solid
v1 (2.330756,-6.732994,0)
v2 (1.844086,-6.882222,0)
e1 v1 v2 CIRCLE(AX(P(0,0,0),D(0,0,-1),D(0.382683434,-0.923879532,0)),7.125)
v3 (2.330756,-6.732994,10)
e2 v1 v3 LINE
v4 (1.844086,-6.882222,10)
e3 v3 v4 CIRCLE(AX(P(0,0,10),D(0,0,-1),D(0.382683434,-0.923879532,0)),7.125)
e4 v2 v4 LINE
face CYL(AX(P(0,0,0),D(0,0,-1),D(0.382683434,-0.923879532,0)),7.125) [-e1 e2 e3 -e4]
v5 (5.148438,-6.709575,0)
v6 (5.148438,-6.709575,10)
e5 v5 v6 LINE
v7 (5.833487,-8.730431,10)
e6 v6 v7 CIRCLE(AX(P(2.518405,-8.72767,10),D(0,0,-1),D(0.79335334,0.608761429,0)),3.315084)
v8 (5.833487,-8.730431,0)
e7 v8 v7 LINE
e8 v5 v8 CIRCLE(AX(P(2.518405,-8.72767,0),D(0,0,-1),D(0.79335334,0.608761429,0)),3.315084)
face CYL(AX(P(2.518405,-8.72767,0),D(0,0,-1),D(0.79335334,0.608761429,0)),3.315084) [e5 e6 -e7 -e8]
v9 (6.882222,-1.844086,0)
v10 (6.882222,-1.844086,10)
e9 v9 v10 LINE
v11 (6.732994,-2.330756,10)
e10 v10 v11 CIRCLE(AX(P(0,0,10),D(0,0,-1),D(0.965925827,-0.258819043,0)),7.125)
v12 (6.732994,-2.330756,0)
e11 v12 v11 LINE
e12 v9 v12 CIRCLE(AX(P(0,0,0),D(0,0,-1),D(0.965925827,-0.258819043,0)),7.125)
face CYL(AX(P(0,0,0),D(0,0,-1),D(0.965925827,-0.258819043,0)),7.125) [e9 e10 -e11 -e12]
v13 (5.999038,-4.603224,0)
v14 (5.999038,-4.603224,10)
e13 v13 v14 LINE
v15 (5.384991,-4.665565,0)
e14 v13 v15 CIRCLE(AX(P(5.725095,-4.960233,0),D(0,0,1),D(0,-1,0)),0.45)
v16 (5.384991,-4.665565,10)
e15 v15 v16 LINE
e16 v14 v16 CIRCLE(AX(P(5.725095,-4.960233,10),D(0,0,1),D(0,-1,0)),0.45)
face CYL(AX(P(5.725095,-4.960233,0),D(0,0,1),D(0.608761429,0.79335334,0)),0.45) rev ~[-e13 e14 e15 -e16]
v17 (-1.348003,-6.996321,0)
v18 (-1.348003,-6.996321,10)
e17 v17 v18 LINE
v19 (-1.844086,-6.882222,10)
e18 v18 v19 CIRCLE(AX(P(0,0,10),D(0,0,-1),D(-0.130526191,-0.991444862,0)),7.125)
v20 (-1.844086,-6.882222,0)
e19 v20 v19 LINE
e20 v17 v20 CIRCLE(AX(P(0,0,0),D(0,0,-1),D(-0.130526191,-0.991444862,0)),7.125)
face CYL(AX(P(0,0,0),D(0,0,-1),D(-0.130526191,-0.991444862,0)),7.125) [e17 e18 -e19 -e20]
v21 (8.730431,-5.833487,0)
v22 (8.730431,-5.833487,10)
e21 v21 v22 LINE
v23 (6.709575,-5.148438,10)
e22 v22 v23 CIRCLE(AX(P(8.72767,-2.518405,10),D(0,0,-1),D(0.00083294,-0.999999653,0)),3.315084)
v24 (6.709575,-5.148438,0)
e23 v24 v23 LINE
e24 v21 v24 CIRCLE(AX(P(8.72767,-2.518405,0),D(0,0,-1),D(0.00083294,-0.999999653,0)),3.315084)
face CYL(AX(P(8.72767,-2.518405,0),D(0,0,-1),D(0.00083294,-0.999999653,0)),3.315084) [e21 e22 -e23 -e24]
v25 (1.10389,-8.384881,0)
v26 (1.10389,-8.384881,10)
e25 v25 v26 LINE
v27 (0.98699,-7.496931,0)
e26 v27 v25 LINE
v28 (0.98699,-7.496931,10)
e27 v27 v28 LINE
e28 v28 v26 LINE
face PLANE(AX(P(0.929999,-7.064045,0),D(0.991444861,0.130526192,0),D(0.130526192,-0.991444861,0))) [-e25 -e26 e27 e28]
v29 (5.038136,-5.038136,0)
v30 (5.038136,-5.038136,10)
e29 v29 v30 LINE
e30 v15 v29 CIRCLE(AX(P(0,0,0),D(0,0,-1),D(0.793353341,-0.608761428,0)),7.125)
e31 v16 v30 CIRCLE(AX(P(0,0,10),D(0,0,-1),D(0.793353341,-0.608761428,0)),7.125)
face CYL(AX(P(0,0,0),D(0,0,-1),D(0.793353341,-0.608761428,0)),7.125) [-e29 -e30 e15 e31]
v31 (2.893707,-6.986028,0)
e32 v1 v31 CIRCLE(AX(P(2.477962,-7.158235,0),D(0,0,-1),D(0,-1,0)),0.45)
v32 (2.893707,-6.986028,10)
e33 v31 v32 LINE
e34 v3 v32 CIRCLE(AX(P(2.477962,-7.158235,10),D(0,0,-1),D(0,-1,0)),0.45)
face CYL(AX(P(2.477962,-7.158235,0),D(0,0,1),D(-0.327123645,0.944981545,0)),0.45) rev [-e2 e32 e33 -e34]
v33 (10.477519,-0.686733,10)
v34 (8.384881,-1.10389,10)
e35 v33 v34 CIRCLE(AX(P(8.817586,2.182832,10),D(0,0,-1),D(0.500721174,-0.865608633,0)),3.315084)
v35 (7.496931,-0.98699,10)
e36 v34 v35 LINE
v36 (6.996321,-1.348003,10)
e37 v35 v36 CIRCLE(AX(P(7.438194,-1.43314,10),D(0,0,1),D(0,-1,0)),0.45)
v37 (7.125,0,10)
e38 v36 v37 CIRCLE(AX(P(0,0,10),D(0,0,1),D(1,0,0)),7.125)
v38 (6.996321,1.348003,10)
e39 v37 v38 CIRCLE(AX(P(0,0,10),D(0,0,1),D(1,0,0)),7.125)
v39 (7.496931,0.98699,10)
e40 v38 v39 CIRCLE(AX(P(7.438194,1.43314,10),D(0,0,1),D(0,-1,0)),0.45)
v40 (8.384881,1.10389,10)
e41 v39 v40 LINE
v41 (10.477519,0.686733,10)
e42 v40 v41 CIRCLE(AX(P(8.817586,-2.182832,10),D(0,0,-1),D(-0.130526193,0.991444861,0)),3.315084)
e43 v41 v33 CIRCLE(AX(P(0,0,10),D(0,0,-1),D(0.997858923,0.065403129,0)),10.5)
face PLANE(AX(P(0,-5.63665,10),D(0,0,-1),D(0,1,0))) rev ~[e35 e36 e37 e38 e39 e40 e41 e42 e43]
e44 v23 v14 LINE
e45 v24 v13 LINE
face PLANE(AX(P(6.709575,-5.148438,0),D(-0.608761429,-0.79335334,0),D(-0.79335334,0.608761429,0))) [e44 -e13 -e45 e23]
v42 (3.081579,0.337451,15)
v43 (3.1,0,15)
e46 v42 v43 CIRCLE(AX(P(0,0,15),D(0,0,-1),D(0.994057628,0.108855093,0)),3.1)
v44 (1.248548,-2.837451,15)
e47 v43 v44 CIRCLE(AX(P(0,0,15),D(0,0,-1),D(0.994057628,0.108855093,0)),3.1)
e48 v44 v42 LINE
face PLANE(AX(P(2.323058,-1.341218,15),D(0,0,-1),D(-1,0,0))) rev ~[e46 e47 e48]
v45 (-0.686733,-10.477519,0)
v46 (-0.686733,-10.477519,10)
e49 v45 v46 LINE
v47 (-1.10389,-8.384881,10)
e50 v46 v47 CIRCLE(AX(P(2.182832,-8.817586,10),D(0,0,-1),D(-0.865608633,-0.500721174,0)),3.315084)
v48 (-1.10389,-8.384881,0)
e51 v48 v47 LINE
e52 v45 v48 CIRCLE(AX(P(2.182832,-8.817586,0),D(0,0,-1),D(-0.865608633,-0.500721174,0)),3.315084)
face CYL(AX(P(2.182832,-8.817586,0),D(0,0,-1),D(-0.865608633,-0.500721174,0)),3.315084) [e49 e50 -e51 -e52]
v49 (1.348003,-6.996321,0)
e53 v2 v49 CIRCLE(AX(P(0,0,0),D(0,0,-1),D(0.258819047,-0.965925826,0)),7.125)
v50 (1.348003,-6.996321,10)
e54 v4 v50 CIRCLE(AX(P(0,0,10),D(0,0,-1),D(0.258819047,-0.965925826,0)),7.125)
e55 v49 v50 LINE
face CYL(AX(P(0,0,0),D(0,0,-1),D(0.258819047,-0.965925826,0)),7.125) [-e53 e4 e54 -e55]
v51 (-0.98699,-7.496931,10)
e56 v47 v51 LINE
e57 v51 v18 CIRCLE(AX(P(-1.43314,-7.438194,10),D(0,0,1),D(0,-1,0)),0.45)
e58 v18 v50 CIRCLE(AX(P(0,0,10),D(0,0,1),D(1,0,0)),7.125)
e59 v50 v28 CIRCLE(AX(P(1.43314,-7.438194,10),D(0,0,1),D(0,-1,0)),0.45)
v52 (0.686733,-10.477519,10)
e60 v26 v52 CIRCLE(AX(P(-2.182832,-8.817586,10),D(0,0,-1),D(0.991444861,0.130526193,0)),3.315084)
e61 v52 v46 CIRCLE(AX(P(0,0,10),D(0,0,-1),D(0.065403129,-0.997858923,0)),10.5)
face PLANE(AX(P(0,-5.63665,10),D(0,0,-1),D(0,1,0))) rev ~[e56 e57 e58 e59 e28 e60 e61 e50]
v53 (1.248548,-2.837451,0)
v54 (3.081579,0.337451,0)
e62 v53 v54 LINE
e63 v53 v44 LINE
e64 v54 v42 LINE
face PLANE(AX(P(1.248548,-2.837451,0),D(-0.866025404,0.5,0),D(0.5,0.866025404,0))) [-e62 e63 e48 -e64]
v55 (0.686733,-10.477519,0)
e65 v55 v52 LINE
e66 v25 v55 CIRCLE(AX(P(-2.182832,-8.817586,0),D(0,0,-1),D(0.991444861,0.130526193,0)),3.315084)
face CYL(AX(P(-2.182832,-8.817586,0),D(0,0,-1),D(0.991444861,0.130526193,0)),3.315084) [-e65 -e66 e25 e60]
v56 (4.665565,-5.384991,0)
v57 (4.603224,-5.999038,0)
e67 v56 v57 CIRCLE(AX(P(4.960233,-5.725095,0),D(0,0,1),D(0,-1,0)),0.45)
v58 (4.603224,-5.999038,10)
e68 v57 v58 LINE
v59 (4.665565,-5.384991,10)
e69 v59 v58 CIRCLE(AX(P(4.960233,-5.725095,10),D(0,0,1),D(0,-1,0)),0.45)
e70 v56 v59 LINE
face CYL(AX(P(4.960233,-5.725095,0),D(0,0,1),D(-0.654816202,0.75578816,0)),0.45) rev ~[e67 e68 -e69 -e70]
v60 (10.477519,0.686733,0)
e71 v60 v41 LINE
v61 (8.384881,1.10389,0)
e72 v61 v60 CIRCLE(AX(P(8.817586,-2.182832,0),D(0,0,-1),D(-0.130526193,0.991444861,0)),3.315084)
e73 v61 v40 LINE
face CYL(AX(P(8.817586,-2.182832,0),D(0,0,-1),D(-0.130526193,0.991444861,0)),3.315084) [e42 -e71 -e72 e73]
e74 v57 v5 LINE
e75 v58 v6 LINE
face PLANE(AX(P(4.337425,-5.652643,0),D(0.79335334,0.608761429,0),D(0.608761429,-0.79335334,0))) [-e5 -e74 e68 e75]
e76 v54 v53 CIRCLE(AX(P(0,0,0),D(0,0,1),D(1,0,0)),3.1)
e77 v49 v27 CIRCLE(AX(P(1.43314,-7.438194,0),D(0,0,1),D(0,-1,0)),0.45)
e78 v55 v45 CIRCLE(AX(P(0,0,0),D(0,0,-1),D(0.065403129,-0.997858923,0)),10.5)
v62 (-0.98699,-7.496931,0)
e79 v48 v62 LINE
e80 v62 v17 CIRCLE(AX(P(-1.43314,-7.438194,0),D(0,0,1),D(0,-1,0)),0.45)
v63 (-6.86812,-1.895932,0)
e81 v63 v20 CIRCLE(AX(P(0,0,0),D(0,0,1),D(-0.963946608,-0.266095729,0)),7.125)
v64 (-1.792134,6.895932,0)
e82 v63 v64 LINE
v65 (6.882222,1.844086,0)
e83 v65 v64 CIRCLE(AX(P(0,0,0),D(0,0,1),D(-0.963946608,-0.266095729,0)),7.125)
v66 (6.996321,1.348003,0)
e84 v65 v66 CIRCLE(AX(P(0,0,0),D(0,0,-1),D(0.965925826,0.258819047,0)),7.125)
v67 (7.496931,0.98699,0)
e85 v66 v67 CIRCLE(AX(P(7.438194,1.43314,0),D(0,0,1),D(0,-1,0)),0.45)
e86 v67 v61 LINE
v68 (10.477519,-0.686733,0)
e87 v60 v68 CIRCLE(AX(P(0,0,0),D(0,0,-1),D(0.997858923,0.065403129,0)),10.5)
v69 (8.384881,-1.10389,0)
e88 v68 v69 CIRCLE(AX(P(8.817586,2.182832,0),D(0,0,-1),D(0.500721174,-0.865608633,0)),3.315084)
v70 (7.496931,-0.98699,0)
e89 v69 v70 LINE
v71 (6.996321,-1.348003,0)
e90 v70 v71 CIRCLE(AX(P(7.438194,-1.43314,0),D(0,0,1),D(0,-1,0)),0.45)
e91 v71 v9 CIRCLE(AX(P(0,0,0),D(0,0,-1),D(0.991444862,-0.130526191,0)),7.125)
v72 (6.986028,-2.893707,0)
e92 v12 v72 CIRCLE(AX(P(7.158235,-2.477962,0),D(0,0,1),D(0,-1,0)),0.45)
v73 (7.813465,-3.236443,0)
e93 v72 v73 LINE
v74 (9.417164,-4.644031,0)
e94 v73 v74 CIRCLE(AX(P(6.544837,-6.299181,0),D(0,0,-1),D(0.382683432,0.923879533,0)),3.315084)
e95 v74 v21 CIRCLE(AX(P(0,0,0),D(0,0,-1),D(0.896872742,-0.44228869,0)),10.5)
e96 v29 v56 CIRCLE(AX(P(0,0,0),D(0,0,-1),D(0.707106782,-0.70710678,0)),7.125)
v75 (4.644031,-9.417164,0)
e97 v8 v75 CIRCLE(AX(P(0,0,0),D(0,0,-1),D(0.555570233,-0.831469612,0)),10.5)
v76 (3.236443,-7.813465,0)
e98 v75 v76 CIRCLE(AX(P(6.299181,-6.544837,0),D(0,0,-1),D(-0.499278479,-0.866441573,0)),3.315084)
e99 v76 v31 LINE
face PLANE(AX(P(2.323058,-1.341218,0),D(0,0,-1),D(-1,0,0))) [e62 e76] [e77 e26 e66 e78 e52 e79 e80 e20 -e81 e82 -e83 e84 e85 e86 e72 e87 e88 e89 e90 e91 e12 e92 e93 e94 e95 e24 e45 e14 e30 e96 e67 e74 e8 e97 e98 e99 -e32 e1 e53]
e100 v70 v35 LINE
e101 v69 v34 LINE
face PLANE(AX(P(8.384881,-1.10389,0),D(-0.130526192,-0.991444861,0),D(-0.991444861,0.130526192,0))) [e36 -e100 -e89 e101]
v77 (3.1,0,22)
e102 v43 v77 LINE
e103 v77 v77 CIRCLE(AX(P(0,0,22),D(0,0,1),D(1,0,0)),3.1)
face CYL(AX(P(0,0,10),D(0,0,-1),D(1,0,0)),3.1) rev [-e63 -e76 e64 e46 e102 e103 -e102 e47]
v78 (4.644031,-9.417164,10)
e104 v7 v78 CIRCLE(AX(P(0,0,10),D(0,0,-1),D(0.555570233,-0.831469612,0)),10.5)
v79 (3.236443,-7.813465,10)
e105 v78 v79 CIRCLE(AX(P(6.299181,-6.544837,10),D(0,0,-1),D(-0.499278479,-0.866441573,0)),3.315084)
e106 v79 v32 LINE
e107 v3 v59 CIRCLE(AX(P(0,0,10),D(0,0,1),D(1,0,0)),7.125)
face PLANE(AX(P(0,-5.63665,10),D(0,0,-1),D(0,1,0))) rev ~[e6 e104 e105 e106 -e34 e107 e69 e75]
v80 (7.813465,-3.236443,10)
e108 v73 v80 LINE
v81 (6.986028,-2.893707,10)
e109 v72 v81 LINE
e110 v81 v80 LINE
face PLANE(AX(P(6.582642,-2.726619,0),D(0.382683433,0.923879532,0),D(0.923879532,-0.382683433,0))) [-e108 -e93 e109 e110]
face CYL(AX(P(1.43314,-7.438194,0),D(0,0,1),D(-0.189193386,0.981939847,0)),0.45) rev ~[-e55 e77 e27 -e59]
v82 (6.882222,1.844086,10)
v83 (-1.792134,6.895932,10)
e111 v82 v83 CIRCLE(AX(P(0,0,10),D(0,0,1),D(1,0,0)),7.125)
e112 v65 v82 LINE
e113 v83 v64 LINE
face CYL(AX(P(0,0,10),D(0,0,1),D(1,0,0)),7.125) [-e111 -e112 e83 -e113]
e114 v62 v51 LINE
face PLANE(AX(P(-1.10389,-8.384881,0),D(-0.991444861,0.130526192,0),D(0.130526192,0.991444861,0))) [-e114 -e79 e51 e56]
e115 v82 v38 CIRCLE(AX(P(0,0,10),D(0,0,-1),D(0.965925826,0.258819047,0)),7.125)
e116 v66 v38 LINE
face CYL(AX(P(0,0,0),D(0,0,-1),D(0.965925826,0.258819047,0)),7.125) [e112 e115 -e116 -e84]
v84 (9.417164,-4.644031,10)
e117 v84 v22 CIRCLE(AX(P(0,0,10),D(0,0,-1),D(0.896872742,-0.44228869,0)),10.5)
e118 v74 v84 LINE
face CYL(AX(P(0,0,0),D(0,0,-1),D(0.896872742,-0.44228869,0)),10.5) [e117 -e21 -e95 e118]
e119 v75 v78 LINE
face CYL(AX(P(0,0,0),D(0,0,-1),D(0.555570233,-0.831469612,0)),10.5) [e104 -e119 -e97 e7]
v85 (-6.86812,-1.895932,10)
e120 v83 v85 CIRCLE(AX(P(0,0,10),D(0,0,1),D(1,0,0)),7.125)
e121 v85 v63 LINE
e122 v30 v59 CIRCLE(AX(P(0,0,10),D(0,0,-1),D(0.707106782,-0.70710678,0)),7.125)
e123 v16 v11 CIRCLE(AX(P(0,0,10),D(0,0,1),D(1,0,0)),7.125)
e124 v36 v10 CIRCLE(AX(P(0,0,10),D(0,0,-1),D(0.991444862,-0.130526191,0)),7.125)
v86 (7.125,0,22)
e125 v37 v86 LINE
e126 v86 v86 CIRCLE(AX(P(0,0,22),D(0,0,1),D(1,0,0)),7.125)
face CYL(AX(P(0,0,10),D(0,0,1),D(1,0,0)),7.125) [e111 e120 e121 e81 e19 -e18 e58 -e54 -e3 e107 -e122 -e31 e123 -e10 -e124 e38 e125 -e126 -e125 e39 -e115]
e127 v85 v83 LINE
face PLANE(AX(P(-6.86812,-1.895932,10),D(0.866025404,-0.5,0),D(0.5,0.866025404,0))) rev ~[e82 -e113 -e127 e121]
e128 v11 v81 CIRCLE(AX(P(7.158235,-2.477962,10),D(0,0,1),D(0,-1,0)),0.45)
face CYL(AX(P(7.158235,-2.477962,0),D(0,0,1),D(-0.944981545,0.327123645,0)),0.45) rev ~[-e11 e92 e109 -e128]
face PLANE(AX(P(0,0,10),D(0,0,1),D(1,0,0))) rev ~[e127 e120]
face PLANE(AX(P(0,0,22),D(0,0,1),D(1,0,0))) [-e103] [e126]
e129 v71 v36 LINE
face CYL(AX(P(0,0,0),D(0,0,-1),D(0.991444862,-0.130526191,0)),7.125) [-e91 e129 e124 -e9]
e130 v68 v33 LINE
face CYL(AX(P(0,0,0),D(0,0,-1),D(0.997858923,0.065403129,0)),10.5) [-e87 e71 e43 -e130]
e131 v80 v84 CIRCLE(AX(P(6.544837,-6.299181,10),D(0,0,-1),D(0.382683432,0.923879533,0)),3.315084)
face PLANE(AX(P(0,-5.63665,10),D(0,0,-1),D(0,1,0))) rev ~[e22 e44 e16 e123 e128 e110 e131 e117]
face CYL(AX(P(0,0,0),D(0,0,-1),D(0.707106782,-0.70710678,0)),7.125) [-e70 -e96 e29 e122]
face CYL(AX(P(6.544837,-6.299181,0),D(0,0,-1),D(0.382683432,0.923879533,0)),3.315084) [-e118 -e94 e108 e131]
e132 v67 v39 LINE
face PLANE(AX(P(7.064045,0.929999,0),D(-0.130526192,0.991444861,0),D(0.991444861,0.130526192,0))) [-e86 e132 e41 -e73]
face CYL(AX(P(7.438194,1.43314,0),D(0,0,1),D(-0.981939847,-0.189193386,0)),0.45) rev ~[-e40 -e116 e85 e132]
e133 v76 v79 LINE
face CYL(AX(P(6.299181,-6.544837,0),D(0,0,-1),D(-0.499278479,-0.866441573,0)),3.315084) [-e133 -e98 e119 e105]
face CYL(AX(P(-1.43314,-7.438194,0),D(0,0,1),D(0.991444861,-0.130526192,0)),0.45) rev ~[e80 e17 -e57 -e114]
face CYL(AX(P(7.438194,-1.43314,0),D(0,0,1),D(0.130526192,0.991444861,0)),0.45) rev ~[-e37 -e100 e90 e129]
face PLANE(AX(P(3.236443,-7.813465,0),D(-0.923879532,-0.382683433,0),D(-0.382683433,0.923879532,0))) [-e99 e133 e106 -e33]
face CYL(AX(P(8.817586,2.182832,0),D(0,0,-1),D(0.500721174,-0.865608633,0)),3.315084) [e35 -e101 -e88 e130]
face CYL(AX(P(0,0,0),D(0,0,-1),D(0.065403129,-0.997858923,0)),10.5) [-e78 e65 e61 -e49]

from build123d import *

# Parameters (mm, degrees)
MAINGEAR_DEPTH                     = 10
CONG_1_R                           = 0.45
R_P_TITION_CIRCULAIRE1_COUNT       = 4
R_P_TITION_CIRCULAIRE1_ANGLE       = 90
CONG_1_OF_R_P_TITION_CIRCULAIRE1_R = 0.45
ESQUISSE5_R                        = 7.125
MAINBASECIRCLE_DEPTH               = 10
REMOVEGEARTOP_DEPTH                = 10
ESQUISSE9_R                        = 7.125
ESQUISSE9_R_2                      = 3.1
GEARBOTTOMFIX_DEPTH                = 12
ESQUISSE3_R                        = 3.1
GEARHOLE_DEPTH                     = 23
MEPLATHOLE_DEPTH                   = 15


with BuildPart() as part:
    # Esquisse1 → MainGear (new body)
    with BuildSketch(Plane.XY):
        with BuildLine():
            Line((0, 0), (6.882221512, 1.844085696))
            ThreePointArc((6.882221512, 1.844085696), (6.988095123, 1.390018544), (7.064044637, 0.92999912))
            Line((7.064044637, 0.92999912), (8.384880781, 1.103890497))
            ThreePointArc((8.384880781, 1.103890497), (9.465680859, 1.068283463), (10.477518694, 0.686732857))
            ThreePointArc((10.477518694, 0.686732857), (10.5, 0), (10.477518694, -0.686732857))
            ThreePointArc((10.477518694, -0.686732857), (9.465680859, -1.068283463), (8.384880781, -1.103890497))
            Line((8.384880781, -1.103890497), (7.064044637, -0.92999912))
            ThreePointArc((7.064044637, -0.92999912), (6.988095123, -1.390018544), (6.882221512, -1.844085696))
            Line((6.882221512, -1.844085696), (0, 0))
        make_face()
    maingear = extrude(amount=MAINGEAR_DEPTH)

    # Cong_1
    cong_1_edges = [part.edges().sort_by_distance(p)[0] for p in [
        (7.064044637, 0.92999912, 5),
        (7.064044637, -0.92999912, 5),
    ]]
    fillet(cong_1_edges, radius=CONG_1_R)

    # R_p_tition circulaire1: MainGear ×4 about axis
    r_p_tition_circulaire1_axis = Axis((0, 0, 0), (0, 0, -1))
    for i in range(1, R_P_TITION_CIRCULAIRE1_COUNT):
        add(maingear.rotate(r_p_tition_circulaire1_axis, i * R_P_TITION_CIRCULAIRE1_ANGLE / (R_P_TITION_CIRCULAIRE1_COUNT - 1)))

    # Cong_1 of R_p_tition circulaire1
    cong_1_of_r_p_tition_circulaire1_edges = [part.edges().sort_by_distance(p)[0] for p in [
        (6.582641669, -2.726619456, 5),
        (5.65264255, -4.337425182, 5),
        (4.337425182, -5.65264255, 5),
        (2.726619456, -6.582641669, 5),
        (0.92999912, -7.064044637, 5),
        (-0.92999912, -7.064044637, 5),
    ]]
    fillet(cong_1_of_r_p_tition_circulaire1_edges, radius=CONG_1_OF_R_P_TITION_CIRCULAIRE1_R)

    # Esquisse9 → GearBottomFix (add)
    with BuildSketch(Plane.XY.offset(10)):
        Circle(ESQUISSE9_R)
        Circle(ESQUISSE9_R_2, mode=Mode.SUBTRACT)
    extrude(amount=GEARBOTTOMFIX_DEPTH)


with BuildPart() as body_2:
    # Esquisse5 → MainBaseCircle (new body, through all)
    with BuildSketch(Plane.XY.offset(10)):
        Circle(ESQUISSE5_R)
    extrude(amount=-MAINBASECIRCLE_DEPTH)

    # Esquisse7 → RemoveGearTop (cut)
    with BuildSketch(Plane.XY.offset(10)):
        with BuildLine():
            Line((-6.868119582, -1.895932068), (-1.792134456, 6.895932068))
            ThreePointArc((-1.792134456, 6.895932068), (-6.170431002, 3.5625), (-6.868119582, -1.895932068))
        make_face()
    extrude(amount=-REMOVEGEARTOP_DEPTH, mode=Mode.SUBTRACT)


with BuildPart() as gearhole_tool:
    # Esquisse3 → GearHole (new body, through all)
    with BuildSketch(Plane.XY):
        Circle(ESQUISSE3_R)
    extrude(amount=GEARHOLE_DEPTH)


with BuildPart() as part_1:
    add(part.part)

    # GearHole: cut by gearhole_tool
    add(gearhole_tool.part, mode=Mode.SUBTRACT)



with BuildPart() as body_2_1:
    add(body_2.part)

    # GearHole: cut by gearhole_tool
    add(gearhole_tool.part, mode=Mode.SUBTRACT)


with BuildPart() as part_2:
    add(part_1.part)

    add(body_2_1.part)  # MeplatHole merges body 2
    # Esquisse10 → MeplatHole (add)
    with BuildSketch(Plane(origin=(0, 0, 0), x_dir=(-1, 0, 0), z_dir=(0, 0, -1))):
        with BuildLine():
            Line((-1.24854837, -2.837450787), (-3.081578648, 0.337450787))
            ThreePointArc((-3.081578648, 0.337450787), (-2.684678752, -1.55), (-1.24854837, -2.837450787))
        make_face()
    extrude(amount=-MEPLATHOLE_DEPTH)


solid = part_2.part
